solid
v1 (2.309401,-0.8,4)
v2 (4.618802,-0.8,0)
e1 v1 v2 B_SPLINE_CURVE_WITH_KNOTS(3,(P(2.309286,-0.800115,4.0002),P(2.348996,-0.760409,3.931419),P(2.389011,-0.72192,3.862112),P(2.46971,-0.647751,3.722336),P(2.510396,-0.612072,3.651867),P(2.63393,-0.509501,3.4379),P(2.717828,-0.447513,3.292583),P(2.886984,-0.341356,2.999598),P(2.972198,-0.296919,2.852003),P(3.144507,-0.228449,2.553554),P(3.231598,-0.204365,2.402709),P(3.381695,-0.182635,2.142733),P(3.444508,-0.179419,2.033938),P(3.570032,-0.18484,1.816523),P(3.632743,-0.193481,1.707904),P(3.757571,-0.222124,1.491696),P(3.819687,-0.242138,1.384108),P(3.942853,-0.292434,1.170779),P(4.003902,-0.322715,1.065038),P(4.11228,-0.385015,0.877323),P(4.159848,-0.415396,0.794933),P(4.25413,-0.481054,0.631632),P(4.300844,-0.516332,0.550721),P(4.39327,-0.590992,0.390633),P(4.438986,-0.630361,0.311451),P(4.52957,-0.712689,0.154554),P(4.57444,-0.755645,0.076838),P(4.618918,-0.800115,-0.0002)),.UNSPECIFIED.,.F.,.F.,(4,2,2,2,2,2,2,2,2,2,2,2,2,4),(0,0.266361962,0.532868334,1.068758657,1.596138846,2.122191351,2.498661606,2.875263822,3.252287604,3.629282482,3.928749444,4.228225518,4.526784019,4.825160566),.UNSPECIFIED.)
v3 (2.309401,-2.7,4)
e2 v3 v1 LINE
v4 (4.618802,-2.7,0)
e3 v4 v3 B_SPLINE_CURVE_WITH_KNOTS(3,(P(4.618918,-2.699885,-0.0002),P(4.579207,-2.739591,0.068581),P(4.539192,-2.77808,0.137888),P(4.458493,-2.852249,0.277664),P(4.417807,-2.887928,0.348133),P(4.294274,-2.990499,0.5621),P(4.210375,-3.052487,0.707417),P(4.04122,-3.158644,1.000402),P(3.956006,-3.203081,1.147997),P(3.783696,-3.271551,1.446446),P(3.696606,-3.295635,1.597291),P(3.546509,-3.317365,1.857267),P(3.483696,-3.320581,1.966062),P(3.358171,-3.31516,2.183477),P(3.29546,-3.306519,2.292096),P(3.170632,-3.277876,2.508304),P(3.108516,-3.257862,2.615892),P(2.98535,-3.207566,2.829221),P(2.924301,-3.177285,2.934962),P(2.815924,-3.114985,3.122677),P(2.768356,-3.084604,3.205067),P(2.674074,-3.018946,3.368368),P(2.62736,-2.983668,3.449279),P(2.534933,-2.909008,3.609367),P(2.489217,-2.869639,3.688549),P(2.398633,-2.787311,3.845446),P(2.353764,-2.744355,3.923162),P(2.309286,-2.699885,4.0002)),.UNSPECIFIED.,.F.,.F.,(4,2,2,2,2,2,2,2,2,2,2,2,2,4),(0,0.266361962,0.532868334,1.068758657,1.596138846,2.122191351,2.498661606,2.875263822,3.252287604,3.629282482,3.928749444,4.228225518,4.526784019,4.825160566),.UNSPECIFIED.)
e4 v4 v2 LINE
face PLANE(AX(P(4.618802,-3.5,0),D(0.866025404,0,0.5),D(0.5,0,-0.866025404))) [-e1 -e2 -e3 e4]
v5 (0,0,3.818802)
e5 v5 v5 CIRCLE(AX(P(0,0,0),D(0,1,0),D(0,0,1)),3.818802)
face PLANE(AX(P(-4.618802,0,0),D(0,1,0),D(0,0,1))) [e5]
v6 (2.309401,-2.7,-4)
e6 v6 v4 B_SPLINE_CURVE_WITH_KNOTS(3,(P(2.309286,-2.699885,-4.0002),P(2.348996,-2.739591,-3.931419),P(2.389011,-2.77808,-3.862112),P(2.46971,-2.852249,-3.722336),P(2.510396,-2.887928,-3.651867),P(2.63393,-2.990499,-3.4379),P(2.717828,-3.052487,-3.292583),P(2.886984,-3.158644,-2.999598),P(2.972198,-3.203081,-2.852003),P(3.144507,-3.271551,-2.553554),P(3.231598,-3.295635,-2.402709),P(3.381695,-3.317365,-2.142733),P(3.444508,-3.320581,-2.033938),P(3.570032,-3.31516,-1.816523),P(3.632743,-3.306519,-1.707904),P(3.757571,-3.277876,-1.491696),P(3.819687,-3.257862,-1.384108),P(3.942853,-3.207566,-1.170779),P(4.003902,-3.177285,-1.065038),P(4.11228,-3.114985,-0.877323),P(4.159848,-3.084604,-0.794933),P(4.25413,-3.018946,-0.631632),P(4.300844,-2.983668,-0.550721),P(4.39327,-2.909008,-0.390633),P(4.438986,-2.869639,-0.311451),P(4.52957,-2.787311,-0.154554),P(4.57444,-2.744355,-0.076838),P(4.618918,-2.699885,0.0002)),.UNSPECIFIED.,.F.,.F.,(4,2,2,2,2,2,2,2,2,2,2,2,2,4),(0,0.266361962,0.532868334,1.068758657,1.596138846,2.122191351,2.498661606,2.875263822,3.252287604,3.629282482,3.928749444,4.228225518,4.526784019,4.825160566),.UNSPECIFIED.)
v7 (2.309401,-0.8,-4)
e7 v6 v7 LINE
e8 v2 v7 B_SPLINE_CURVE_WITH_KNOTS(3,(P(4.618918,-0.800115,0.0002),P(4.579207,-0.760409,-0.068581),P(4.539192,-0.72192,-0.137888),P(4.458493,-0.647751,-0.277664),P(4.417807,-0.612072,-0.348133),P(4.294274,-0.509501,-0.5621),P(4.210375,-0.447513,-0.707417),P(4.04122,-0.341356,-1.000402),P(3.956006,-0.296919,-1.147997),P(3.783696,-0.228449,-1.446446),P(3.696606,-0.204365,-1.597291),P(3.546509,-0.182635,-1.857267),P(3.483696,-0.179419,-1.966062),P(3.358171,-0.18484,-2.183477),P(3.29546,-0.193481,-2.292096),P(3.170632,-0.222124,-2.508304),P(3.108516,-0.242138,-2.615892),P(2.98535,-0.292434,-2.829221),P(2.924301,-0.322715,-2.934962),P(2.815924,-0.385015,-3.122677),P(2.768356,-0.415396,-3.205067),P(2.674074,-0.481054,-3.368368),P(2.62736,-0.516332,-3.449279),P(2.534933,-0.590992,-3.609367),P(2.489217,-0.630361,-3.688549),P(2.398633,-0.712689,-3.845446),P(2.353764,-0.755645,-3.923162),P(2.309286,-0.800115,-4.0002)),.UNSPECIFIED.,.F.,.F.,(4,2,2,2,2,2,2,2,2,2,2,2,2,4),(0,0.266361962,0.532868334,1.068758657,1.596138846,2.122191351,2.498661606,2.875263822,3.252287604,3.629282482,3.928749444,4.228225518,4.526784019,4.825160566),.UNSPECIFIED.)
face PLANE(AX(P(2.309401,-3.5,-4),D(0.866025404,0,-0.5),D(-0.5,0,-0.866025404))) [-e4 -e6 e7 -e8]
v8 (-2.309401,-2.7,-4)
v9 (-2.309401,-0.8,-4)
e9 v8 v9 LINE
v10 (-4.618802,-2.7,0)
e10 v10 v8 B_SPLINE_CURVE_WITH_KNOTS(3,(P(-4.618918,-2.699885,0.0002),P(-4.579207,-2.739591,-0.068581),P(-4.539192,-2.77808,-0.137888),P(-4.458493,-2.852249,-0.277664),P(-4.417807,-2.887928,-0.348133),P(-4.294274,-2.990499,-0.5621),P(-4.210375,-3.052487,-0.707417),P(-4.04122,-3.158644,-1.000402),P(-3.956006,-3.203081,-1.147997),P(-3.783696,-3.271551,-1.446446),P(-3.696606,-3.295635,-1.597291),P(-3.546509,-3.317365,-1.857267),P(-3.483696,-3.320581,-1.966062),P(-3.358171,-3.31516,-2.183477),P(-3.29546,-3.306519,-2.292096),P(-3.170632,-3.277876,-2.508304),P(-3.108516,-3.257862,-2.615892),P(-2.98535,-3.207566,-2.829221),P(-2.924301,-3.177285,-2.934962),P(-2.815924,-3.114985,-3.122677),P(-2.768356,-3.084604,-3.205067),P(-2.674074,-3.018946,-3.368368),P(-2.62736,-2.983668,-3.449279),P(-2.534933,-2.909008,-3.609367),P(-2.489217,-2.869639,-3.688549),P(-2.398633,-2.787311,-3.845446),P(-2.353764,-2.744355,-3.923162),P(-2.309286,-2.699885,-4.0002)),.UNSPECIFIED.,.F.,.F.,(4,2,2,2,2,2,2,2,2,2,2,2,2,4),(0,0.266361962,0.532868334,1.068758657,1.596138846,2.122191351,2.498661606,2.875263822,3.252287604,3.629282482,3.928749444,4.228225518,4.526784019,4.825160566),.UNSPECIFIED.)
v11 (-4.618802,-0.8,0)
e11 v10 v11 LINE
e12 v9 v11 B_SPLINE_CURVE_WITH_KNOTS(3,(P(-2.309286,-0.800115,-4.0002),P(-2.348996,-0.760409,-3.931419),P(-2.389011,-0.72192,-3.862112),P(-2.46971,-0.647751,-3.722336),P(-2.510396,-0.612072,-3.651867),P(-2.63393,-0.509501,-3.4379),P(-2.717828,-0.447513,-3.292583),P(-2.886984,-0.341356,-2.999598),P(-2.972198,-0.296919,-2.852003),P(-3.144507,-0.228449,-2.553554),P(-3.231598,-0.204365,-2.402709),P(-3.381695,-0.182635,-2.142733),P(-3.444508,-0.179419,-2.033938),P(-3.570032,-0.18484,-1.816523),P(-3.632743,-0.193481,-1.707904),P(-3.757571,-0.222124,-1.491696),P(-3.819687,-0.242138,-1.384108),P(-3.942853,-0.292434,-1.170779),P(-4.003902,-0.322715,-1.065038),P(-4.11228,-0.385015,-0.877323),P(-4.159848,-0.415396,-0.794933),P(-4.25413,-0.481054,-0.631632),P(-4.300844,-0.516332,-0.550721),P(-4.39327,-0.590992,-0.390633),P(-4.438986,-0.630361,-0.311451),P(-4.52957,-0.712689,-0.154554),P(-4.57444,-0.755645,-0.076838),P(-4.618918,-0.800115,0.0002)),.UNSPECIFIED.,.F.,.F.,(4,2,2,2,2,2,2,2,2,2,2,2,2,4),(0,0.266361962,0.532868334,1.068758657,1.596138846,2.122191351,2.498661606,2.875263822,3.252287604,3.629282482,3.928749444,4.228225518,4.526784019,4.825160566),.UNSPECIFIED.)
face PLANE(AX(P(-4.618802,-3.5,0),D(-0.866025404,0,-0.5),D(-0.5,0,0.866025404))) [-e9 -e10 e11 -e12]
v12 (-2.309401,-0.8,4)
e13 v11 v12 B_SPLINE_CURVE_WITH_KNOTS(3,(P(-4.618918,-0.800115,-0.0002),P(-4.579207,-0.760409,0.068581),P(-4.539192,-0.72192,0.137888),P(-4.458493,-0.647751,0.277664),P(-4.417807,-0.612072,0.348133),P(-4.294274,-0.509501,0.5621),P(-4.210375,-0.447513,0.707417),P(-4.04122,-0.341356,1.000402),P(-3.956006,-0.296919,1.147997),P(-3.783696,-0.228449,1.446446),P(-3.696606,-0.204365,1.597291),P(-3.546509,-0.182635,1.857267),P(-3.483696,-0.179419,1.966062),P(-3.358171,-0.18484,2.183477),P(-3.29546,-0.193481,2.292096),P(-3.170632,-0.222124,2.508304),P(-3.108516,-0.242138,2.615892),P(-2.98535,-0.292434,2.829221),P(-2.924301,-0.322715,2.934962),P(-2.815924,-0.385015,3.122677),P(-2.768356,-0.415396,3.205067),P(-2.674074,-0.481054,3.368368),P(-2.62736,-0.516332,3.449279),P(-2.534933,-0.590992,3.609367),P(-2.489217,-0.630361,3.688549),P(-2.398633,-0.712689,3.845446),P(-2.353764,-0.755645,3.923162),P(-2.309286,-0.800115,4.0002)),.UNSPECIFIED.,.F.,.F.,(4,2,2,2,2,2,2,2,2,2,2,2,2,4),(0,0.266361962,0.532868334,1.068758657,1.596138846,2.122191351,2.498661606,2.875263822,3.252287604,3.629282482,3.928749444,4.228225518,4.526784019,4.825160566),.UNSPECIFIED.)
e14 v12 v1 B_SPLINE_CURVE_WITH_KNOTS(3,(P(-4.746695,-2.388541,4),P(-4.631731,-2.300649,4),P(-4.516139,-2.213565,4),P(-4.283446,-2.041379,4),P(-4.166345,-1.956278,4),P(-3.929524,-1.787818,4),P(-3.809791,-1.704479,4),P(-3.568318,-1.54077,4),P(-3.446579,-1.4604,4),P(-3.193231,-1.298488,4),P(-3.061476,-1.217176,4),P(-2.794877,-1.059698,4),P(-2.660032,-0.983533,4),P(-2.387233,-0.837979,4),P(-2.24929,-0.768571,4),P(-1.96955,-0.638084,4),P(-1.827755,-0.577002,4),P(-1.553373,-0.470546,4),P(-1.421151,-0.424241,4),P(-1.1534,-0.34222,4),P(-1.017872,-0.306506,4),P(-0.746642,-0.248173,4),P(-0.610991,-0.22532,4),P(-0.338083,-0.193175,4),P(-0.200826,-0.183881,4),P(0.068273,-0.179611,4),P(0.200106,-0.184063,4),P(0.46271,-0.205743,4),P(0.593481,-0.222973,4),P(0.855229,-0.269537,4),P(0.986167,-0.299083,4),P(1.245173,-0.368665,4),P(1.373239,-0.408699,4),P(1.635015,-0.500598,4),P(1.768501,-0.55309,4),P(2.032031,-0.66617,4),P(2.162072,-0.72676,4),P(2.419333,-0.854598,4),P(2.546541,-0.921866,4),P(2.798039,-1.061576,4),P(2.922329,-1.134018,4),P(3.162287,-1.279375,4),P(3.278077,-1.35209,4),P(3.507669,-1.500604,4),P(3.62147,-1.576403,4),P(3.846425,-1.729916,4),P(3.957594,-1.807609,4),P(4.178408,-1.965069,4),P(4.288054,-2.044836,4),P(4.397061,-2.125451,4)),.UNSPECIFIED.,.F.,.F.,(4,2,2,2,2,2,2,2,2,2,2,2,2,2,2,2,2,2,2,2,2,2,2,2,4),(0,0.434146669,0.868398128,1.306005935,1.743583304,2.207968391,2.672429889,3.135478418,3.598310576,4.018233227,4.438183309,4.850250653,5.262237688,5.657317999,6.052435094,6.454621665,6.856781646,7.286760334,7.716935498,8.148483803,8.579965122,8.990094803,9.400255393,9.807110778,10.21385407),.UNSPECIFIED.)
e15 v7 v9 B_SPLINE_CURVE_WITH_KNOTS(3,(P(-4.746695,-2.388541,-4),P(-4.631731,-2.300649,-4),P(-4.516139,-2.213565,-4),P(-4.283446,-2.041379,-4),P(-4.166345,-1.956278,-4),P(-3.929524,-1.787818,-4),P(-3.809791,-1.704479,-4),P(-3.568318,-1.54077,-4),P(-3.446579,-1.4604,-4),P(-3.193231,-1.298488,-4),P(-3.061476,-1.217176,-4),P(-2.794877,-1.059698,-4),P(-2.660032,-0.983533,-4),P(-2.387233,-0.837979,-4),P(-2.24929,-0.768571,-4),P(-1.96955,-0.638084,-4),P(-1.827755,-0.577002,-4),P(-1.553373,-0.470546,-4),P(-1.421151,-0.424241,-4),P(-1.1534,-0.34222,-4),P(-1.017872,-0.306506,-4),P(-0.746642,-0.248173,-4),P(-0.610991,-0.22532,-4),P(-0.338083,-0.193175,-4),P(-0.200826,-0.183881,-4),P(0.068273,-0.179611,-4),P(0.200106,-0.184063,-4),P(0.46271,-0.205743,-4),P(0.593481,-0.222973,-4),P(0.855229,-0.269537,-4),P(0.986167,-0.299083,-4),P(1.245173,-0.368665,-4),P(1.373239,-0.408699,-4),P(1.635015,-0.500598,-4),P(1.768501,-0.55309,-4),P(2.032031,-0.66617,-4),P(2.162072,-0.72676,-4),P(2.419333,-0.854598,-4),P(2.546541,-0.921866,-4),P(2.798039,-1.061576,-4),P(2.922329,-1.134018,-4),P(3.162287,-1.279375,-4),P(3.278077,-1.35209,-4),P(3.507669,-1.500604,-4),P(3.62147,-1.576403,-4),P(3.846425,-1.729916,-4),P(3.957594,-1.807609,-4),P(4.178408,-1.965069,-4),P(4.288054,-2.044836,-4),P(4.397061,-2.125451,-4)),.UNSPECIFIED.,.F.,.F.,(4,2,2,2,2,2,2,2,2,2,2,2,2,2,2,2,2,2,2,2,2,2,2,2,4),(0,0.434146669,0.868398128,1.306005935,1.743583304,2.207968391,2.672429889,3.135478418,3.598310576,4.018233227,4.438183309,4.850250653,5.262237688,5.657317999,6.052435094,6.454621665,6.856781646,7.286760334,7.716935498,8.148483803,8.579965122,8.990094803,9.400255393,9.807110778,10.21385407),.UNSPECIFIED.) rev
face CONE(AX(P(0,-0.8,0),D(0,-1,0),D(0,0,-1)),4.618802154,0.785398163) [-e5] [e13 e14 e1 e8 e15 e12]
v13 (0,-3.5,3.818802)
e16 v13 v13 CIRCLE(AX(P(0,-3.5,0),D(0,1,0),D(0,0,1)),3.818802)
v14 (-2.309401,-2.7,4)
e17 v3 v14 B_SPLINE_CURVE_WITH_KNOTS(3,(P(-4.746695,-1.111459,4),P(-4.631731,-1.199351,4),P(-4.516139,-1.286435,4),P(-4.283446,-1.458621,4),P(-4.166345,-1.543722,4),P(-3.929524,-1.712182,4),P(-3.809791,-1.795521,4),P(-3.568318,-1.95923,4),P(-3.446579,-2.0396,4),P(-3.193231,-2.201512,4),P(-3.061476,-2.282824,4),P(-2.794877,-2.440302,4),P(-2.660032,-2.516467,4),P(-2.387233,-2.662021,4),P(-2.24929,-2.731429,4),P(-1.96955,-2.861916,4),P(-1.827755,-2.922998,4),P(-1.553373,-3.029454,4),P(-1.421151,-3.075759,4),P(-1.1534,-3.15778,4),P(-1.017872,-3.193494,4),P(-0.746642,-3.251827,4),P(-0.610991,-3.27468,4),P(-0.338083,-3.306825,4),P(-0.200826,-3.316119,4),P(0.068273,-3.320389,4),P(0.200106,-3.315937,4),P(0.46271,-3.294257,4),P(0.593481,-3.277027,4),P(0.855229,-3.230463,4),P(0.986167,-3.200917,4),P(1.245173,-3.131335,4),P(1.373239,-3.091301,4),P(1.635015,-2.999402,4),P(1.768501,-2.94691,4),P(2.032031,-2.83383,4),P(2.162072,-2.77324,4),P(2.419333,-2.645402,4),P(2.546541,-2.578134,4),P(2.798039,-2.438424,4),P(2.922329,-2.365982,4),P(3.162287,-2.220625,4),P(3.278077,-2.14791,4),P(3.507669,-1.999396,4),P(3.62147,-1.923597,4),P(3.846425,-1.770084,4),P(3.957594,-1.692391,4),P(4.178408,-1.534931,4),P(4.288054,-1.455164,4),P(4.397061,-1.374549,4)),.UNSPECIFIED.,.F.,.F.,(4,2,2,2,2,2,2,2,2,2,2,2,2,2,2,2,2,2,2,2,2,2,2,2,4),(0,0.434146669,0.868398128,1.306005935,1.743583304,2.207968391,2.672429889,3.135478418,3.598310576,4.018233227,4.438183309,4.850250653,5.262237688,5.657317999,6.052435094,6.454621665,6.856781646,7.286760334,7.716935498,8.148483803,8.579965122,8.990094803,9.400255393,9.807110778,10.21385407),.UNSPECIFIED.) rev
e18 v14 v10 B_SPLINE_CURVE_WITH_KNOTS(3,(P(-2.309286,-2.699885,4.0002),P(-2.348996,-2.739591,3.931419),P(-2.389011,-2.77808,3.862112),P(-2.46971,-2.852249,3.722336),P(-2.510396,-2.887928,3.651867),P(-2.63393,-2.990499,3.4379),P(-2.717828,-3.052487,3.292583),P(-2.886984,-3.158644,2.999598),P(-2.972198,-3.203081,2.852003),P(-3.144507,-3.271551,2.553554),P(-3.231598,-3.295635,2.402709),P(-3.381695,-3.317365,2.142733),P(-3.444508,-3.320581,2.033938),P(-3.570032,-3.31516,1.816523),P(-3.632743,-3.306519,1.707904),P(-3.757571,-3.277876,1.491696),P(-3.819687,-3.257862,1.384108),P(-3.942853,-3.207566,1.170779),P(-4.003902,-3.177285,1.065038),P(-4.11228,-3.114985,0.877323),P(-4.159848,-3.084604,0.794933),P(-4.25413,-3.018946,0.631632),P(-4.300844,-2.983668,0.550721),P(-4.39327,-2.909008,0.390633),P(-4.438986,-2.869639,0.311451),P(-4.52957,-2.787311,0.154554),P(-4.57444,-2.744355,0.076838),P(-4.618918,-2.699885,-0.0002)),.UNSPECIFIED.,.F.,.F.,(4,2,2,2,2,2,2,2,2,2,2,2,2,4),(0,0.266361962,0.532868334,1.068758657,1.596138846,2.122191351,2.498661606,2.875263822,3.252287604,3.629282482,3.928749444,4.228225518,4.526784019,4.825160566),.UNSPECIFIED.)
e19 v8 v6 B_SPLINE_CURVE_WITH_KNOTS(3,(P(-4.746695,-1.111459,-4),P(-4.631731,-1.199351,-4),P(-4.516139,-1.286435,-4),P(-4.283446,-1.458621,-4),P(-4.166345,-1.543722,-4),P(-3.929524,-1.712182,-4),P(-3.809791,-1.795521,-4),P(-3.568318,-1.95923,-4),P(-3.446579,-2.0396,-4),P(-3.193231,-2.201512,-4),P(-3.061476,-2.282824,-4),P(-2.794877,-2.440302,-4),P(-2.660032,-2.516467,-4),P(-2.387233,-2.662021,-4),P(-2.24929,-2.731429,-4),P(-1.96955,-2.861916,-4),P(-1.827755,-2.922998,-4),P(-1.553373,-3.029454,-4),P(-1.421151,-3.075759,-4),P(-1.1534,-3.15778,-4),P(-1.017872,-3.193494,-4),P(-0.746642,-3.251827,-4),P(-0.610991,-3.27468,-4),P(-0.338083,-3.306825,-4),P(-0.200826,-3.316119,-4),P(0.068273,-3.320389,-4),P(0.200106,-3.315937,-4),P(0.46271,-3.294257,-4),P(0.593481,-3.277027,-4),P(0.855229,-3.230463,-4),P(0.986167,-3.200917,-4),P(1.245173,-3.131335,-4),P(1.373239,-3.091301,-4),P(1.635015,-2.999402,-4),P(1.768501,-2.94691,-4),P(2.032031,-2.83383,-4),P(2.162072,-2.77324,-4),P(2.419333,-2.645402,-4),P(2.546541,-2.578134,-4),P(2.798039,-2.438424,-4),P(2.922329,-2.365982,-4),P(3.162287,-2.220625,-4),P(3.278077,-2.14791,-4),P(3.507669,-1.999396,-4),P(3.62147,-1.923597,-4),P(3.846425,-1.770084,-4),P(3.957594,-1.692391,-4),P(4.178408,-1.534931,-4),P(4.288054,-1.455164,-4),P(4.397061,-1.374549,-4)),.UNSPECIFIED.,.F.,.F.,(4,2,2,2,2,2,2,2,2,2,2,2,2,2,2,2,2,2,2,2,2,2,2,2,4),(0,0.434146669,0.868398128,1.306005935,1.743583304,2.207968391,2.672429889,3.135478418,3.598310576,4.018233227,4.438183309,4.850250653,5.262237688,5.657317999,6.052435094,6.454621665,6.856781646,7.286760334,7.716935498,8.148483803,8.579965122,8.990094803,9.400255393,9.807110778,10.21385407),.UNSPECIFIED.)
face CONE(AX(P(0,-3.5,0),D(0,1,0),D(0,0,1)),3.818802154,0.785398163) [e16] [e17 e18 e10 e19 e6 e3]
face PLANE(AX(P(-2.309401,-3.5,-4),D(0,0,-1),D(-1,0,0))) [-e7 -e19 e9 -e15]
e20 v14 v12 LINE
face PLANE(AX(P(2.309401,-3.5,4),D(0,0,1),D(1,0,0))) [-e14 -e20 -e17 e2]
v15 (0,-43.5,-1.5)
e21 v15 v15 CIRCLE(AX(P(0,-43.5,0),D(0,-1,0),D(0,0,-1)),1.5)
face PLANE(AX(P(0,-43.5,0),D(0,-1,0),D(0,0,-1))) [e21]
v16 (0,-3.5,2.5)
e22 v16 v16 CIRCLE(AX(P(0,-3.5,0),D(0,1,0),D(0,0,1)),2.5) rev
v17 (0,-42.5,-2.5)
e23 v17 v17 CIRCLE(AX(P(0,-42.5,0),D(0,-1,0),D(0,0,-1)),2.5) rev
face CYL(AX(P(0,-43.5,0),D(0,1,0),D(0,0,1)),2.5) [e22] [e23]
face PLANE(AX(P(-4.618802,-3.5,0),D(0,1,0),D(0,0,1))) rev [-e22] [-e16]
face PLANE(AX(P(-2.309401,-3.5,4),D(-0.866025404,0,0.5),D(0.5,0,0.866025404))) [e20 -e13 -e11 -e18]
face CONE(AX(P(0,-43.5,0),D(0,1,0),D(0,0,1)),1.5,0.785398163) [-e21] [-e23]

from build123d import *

# Parameters (mm, degrees)
EXTRUDE_1_DEPTH = 3.5
SKETCH_5_R      = 2.5
EXTRUDE_2_DEPTH = 40
CHAMFER_1_SIZE  = 1


with BuildPart() as part:
    # Эскиз1 → Вытянуть1 (new body)
    with BuildSketch(Plane(origin=(0, 0, 0), x_dir=(1, 0, 0), z_dir=(0, 1, 0))):
        Polygon((-2.309401077, 4), (2.309401077, 4), (4.618802154, 0), (2.309401077, -4), (-2.309401077, -4), (-4.618802154, 0), align=None)
    extrude(amount=-EXTRUDE_1_DEPTH)

    # Эскиз5 → Вытянуть2 (add)
    with BuildSketch(Plane.XZ.offset(3.5)):
        with Locations(Location((0, 0, 0), (0, 0, 90))):
            Circle(SKETCH_5_R)
    extrude(amount=EXTRUDE_2_DEPTH)

    # Фаска1
    chamfer_1_edges = [part.edges().sort_by_distance(p)[0] for p in [
        (0, -43.5, -2.5),
    ]]
    chamfer(chamfer_1_edges, length=CHAMFER_1_SIZE)

    # Эскиз4 → Вырез-Повернуть1 (revolve, cut)
    with BuildSketch(Plane.XY, mode=Mode.PRIVATE) as cut_revolve_1_sk:
        Polygon((-4.618802154, -0.8), (-3.818802154, 0), (-4.618802154, 0), align=None)
        Polygon((-4.618802154, -2.7), (-3.818802154, -3.5), (-4.618802154, -3.5), align=None)
    revolve(cut_revolve_1_sk.sketch.rotate(Axis((0, -3.5, 0), (0, -1, 0)), 120.000000119), axis=Axis((0, -3.5, 0), (0, -1, 0)), mode=Mode.SUBTRACT)


solid = part.part
